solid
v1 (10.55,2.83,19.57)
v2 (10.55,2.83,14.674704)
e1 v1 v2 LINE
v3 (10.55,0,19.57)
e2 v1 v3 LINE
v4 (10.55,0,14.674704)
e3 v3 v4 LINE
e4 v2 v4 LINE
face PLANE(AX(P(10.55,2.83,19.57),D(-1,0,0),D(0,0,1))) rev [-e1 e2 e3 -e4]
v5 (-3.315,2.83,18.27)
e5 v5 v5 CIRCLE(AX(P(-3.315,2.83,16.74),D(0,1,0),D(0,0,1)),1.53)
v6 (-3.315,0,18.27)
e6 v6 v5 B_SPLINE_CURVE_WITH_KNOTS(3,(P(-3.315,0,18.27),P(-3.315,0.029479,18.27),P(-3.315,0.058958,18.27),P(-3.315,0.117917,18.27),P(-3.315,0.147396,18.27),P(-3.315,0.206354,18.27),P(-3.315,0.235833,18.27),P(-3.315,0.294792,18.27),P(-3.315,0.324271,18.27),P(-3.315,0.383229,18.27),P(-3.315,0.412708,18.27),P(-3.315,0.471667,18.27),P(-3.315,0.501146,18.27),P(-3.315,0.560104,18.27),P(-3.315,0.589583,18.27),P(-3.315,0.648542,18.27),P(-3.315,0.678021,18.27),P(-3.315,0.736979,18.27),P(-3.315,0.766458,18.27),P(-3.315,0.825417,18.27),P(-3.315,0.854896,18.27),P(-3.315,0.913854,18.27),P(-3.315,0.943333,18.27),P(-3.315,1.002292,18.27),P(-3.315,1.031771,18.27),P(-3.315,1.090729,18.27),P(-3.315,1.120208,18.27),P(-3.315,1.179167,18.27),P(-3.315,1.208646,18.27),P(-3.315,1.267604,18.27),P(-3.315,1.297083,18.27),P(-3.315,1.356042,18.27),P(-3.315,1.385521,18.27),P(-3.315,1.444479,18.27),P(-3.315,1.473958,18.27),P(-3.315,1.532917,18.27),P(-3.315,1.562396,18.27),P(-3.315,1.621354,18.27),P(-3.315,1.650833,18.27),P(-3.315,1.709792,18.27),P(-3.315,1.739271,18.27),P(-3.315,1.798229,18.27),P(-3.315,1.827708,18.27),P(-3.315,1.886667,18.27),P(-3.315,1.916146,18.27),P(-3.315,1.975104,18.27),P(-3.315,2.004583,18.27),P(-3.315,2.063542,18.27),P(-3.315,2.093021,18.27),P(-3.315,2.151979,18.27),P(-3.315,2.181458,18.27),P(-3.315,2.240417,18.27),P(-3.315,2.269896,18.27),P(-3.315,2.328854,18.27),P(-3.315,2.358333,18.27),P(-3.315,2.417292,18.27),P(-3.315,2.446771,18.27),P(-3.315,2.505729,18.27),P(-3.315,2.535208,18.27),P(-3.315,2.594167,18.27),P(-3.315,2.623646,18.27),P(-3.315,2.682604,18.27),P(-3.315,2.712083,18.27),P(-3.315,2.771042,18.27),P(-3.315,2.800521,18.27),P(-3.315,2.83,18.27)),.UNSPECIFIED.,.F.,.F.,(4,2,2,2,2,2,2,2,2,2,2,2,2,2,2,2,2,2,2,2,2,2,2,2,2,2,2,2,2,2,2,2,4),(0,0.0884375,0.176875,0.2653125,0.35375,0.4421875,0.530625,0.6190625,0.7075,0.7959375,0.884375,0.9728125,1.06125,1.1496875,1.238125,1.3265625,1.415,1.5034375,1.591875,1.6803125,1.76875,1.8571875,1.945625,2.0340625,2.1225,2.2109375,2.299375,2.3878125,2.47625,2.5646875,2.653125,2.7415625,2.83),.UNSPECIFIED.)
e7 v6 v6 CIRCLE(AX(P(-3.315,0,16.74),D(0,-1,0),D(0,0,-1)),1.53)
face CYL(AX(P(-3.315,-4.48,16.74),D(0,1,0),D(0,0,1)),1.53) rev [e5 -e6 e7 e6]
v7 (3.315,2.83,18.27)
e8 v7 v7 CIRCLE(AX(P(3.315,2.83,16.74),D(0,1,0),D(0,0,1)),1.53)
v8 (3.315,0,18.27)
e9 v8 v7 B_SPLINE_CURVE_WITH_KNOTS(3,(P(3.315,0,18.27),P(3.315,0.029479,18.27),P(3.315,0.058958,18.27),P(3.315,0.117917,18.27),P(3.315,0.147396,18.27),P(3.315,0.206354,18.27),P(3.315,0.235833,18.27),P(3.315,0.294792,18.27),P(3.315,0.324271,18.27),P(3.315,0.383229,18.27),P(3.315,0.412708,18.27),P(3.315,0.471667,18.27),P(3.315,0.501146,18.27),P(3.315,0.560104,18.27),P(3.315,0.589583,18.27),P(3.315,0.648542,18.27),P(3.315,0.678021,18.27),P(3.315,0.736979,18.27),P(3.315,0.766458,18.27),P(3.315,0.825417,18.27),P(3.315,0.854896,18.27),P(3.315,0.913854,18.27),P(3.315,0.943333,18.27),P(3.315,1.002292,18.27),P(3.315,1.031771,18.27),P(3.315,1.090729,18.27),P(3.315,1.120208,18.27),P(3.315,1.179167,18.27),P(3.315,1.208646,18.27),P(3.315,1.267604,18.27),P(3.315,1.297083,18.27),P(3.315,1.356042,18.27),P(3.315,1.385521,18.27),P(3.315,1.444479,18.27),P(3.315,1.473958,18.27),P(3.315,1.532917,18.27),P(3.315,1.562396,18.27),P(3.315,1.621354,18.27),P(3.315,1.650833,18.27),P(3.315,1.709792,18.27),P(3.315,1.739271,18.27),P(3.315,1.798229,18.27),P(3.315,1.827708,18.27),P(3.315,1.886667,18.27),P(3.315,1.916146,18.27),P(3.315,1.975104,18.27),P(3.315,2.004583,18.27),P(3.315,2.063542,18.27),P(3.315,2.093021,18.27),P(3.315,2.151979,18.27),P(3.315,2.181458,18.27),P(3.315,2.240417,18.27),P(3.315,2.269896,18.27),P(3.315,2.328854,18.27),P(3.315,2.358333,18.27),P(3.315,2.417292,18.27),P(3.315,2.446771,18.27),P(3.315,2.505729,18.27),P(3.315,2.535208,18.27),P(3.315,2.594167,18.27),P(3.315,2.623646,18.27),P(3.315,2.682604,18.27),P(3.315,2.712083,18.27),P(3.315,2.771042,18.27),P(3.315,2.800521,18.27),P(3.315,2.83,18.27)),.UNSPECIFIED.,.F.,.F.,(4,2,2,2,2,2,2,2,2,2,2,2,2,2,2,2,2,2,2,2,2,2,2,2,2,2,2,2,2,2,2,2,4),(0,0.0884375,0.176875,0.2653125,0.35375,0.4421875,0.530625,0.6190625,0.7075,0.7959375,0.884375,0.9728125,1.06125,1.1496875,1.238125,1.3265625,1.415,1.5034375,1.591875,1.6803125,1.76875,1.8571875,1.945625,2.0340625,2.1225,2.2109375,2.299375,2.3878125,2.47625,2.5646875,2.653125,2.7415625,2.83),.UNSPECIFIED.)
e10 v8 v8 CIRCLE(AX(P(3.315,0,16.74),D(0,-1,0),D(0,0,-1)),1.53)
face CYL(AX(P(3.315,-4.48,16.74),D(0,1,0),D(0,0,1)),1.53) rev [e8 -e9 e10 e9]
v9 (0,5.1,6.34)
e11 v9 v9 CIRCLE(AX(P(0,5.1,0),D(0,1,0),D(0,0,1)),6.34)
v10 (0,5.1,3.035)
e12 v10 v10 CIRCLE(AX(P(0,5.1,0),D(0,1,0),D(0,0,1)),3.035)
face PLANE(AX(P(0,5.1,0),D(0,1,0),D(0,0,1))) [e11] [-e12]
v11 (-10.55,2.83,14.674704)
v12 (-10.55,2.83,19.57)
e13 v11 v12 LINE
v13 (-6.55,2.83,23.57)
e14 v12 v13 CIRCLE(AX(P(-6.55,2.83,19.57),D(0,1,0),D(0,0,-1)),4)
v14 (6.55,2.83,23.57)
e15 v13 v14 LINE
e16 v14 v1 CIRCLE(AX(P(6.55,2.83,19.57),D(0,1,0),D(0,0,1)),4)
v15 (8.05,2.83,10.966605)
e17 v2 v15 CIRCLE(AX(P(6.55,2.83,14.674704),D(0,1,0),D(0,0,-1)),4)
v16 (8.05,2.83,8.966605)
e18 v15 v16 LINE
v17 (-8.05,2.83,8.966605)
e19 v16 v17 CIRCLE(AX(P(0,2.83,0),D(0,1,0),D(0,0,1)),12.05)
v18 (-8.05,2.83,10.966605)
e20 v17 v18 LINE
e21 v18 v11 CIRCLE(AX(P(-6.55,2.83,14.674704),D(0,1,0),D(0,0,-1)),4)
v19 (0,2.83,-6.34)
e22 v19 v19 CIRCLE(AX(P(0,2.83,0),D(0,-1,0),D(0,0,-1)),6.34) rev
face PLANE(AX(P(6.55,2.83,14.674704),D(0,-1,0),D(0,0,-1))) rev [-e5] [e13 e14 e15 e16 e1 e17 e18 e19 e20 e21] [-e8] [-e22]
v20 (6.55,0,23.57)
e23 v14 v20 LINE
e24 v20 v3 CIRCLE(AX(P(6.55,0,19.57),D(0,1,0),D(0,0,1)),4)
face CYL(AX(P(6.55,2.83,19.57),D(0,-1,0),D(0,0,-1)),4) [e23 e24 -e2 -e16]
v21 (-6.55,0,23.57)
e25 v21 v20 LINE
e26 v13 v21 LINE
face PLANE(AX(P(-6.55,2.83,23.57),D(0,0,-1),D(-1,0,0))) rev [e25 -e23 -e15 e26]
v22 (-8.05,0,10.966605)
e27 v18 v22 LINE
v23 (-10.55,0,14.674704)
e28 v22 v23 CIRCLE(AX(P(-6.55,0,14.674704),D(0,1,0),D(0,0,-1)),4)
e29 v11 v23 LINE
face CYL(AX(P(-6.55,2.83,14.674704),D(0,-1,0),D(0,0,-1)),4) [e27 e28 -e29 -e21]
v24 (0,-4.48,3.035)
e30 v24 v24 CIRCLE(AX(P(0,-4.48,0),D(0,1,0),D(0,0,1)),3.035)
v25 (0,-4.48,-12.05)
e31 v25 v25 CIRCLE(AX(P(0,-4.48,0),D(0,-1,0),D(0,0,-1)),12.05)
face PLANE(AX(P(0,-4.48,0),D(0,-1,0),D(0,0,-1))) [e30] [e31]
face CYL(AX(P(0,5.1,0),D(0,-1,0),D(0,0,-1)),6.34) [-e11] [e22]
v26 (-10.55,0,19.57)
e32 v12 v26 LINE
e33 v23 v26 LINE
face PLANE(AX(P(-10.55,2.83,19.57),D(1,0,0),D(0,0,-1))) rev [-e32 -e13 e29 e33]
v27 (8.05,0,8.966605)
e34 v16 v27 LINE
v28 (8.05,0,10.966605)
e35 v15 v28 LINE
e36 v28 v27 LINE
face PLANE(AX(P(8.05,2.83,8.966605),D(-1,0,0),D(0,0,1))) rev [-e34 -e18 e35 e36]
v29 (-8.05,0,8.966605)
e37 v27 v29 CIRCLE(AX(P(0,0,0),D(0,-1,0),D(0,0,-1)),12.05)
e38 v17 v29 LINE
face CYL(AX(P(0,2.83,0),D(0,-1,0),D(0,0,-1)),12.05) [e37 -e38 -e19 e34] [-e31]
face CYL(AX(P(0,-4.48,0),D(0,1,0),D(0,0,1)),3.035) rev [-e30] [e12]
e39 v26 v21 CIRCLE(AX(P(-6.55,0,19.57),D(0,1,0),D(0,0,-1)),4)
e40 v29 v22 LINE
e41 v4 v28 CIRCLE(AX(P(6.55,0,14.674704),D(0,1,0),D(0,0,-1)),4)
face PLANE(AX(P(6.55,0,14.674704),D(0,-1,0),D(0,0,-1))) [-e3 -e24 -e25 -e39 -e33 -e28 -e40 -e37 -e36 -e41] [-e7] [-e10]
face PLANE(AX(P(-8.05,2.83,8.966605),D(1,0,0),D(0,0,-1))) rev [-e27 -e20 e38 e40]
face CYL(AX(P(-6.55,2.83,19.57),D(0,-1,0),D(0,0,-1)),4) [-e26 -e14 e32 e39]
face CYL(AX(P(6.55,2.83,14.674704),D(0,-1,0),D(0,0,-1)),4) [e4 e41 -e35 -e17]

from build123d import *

# Parameters (mm, degrees)
BOSS_EXTRUDE1_DEPTH = 2.83
BOSS_EXTRUDE2_START = 4.48
SKETCH2_R           = 12.05
BOSS_EXTRUDE2_DEPTH = 4.48
SKETCH3_R           = 6.34
BOSS_EXTRUDE3_DEPTH = 2.27
SKETCH4_R           = 3.035
CUT_EXTRUDE1_DEPTH  = 29.151799232
SKETCH5_R           = 1.53
CUT_EXTRUDE2_DEPTH  = 28.46240157


with BuildPart() as part:
    # Sketch1 → Boss-Extrude1 (new body)
    with BuildSketch(Plane(origin=(0, 0, 0), x_dir=(1, 0, 0), z_dir=(0, 1, 0))):
        with BuildLine():
            Line((-6.55, -23.57), (6.55, -23.57))
            ThreePointArc((6.55, -23.57), (9.378427125, -22.398427125), (10.55, -19.57))
            Line((10.55, -19.57), (10.55, -14.674703952))
            ThreePointArc((10.55, -14.674703952), (9.86662479, -12.438635975), (8.05, -10.966604709))
            Line((8.05, -10.966604709), (8.05, -8.966604709))
            ThreePointArc((8.05, -8.966604709), (0, 12.05), (-8.05, -8.966604709))
            Line((-8.05, -8.966604709), (-8.05, -10.966604709))
            ThreePointArc((-8.05, -10.966604709), (-9.86662479, -12.438635975), (-10.55, -14.674703952))
            Line((-10.55, -14.674703952), (-10.55, -19.57))
            ThreePointArc((-10.55, -19.57), (-9.378427125, -22.398427125), (-6.55, -23.57))
        make_face()
    extrude(amount=BOSS_EXTRUDE1_DEPTH)

    # Sketch2 → Boss-Extrude2 (add)
    with BuildSketch(Plane.XZ.offset(BOSS_EXTRUDE2_START)):
        with Locations(Location((0, 0, 0), (0, 0, 270))):
            Circle(SKETCH2_R)
    extrude(amount=-BOSS_EXTRUDE2_DEPTH)

    # Sketch3 → Boss-Extrude3 (add)
    with BuildSketch(Plane(origin=(0, 2.83, 0), x_dir=(1, 0, 0), z_dir=(0, 1, 0))):
        with Locations(Location((0, 0, 0), (0, 0, 90))):
            Circle(SKETCH3_R)
    extrude(amount=BOSS_EXTRUDE3_DEPTH)

    # Sketch4 → Cut-Extrude1 (cut, through all)
    with BuildSketch(Plane(origin=(0, 5.1, 0), x_dir=(1, 0, 0), z_dir=(0, 1, 0))):
        with Locations(Location((0, 0, 0), (0, 0, 270))):
            Circle(SKETCH4_R)
    extrude(amount=-CUT_EXTRUDE1_DEPTH, mode=Mode.SUBTRACT)

    # Sketch5 → Cut-Extrude2 (cut, through all)
    with BuildSketch(Plane(origin=(0, 2.83, 0), x_dir=(1, 0, 0), z_dir=(0, 1, 0))):
        with Locations(Location((-3.315, -16.74, 0), (0, 0, 270))):
            Circle(SKETCH5_R)
        with Locations(Location((3.315, -16.74, 0), (0, 0, 270))):
            Circle(SKETCH5_R)
    extrude(amount=-CUT_EXTRUDE2_DEPTH, mode=Mode.SUBTRACT)


solid = part.part
